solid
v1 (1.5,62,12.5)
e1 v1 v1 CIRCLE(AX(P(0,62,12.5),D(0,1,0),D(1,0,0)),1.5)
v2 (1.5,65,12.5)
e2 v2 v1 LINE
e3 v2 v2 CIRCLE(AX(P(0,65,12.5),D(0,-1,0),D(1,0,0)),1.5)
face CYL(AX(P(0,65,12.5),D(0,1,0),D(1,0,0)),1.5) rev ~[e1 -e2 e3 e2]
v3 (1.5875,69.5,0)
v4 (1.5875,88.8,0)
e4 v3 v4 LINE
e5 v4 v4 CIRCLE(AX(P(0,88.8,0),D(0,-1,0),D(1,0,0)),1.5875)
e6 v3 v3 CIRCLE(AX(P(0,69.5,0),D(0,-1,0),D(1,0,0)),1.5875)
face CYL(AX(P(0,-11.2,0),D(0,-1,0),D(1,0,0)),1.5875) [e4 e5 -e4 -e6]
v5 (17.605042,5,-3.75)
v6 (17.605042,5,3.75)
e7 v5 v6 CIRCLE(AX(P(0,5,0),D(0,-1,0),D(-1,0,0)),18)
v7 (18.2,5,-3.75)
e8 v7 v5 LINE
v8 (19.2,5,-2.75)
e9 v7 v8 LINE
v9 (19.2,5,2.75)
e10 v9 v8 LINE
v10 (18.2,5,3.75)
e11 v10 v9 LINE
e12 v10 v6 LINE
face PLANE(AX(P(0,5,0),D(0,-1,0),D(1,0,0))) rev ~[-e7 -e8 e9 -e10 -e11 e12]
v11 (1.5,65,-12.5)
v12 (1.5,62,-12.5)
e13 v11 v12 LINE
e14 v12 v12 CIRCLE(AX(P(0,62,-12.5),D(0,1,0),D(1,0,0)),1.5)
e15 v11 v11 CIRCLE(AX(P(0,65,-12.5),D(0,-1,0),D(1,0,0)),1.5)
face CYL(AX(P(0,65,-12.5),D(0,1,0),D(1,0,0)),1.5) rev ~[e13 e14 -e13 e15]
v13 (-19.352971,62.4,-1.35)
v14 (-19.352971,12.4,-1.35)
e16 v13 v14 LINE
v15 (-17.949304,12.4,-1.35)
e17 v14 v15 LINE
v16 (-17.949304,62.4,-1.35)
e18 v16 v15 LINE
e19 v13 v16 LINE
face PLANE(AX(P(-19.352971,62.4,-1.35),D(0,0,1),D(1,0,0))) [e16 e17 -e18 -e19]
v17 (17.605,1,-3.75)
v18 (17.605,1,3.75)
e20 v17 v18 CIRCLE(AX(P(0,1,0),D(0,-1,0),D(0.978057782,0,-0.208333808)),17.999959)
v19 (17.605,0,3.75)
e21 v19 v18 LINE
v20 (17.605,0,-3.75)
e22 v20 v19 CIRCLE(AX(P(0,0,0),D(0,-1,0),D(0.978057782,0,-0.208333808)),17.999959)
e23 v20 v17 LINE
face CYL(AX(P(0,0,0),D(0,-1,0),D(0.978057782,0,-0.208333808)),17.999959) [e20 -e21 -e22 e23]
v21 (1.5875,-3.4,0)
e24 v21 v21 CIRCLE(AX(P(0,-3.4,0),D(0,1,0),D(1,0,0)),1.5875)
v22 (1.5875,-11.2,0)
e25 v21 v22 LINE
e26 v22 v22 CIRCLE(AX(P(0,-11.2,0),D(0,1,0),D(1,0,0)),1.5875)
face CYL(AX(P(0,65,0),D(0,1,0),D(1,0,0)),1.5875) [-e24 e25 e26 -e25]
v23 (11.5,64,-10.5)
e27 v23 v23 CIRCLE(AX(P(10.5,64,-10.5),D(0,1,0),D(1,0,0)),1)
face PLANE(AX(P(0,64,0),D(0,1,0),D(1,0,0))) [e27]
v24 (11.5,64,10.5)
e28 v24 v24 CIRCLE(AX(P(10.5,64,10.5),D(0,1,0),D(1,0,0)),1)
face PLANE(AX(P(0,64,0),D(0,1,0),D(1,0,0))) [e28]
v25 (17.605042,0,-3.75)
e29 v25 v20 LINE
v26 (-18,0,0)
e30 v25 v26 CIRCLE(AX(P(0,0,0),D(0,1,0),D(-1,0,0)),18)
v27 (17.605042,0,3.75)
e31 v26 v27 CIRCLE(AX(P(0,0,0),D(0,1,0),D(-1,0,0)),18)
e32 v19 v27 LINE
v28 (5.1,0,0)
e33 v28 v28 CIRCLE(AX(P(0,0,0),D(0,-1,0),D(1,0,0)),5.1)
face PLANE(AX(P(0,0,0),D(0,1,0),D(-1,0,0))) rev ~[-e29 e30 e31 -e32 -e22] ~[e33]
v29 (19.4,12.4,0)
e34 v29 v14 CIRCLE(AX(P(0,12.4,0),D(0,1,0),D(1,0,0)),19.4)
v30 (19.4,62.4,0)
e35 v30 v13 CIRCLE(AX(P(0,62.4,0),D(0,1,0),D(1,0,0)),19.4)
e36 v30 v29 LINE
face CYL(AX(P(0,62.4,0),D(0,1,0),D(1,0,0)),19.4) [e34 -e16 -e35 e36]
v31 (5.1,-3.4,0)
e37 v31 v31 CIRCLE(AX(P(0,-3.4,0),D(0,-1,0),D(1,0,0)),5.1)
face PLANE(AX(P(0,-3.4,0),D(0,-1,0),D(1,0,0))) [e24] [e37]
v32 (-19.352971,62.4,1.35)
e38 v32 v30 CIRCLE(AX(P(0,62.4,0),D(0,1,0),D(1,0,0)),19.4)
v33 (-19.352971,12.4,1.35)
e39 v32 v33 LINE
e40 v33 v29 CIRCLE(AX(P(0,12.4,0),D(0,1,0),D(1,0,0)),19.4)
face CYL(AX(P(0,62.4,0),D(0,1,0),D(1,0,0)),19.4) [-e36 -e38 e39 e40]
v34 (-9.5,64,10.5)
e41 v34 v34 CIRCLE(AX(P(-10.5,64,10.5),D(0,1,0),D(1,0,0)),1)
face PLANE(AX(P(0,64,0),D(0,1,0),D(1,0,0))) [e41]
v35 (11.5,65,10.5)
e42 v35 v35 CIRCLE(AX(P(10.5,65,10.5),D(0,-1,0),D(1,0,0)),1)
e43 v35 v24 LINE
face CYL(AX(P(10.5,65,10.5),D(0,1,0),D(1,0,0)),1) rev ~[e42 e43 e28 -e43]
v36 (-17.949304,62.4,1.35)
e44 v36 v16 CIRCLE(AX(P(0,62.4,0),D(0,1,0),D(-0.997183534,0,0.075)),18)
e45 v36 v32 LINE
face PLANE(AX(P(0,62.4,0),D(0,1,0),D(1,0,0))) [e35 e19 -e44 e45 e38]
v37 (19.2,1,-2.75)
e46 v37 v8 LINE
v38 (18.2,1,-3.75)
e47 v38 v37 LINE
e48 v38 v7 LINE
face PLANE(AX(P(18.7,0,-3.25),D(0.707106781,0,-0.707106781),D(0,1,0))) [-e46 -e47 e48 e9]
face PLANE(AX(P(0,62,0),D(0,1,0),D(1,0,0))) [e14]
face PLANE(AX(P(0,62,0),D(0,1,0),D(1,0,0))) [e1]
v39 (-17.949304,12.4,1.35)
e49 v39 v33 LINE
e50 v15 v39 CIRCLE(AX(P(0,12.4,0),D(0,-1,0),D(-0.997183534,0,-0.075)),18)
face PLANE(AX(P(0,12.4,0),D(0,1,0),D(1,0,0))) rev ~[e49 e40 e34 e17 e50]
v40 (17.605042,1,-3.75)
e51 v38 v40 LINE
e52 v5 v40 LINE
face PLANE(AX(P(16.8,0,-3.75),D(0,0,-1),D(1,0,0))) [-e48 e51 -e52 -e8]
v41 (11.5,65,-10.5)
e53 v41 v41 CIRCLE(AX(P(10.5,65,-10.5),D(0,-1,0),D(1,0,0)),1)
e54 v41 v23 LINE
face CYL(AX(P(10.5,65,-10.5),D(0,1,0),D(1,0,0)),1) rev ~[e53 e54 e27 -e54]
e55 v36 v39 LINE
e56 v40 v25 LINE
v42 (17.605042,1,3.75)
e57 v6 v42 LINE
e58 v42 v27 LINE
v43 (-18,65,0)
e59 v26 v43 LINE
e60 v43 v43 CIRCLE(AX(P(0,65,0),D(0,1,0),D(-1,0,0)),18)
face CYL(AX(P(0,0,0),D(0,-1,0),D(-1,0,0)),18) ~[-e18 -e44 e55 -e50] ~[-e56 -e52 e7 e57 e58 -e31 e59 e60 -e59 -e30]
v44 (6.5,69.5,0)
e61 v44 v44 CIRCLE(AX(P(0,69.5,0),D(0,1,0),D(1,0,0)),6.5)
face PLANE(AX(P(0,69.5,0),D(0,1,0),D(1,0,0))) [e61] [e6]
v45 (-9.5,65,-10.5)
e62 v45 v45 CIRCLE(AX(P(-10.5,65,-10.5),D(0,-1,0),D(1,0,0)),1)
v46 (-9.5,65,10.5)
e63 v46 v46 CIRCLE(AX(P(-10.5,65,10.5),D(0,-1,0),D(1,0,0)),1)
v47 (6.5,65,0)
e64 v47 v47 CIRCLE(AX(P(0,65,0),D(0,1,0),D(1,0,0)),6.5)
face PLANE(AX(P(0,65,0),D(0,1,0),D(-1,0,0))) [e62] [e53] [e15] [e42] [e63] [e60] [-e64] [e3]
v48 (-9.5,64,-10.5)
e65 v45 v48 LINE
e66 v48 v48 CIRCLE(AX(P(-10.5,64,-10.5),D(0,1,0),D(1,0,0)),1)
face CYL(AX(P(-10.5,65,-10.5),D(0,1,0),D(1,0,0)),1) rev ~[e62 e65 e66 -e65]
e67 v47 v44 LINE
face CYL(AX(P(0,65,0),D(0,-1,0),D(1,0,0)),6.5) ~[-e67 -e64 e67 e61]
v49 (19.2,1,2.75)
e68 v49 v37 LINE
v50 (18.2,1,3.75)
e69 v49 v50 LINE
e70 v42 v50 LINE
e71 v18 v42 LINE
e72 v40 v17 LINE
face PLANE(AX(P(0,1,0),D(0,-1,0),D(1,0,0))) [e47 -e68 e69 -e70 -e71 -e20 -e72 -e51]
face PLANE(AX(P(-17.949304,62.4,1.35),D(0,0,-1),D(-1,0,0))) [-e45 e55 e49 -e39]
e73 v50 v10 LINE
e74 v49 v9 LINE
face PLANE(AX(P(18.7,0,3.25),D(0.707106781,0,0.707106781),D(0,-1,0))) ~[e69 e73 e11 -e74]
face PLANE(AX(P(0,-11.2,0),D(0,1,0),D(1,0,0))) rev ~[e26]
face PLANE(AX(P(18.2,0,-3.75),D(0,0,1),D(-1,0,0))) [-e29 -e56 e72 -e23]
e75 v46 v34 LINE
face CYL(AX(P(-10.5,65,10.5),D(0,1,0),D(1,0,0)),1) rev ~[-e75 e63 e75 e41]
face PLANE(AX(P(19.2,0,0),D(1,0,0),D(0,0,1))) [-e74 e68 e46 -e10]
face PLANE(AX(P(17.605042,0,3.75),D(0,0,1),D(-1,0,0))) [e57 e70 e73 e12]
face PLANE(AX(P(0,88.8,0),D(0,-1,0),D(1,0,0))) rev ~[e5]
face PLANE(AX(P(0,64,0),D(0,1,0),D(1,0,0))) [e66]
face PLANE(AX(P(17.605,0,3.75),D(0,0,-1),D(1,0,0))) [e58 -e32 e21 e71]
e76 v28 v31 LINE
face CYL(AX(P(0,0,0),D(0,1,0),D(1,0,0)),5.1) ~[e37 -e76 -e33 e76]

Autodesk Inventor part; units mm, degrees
ref_plane "YZ Plane" through (0, 0, 0) normal (1, 0, 0) x (0, 1, 0)
ref_plane "XZ Plane" through (0, 0, 0) normal (0, 1, 0) x (-1, 0, 0)
sketch "Sketch1" plane through (0, 0, 0) normal (0, 1, 0) x (-1, 0, 0)
  circle A0 centre (0, 0) radius 18
  dimension "d0" = 36
extrude "Extrusion1" add sketch "Sketch1" along normal blind 65
ref_plane "Work Plane1" through (0, 62.4, 0) normal (0, 1, 0) x (1, 0, 0)
sketch "Sketch2" plane through (0, 62.4, 0) normal (0, 1, 0) x (1, 0, 0)
  circle A0 centre (0, 0) radius 18 projected
  circle A1 centre (0, 0) radius 19.4
  line L0 (-15.5, -1.35) -> (-20.5, -1.35)
  line L1 (-20.5, -1.35) -> (-20.5, 1.35)
  line L2 (-20.5, 1.35) -> (-15.5, 1.35)
  line L3 (-15.5, 1.35) -> (-15.5, -1.35)
  circle A2 centre (0, 0) radius 18 projected
  line L4 (-15.5, -1.35) -> (-20.5, 1.35) construction
  line L5 (-20.5, -1.35) -> (-15.5, 1.35) construction
  point P0 (-18, 0)
  point P1 (-19.353, 1.35)
  point P2 (-17.9493, 1.35)
  point P3 (-17.9493, -1.35)
  point P4 (-19.353, -1.35)
  dimension "d4" = 38.8
  dimension "d5" = 5
  dimension "d6" = 2.7
extrude "Extrusion2" add sketch "Sketch2" against normal blind 50 contours A0 L2 A1 L0 picked at (18.5875, 2.9161)
sketch "Sketch3" plane through (0, 65, 0) normal (0, 1, 0) x (1, 0, 0)
  circle A0 centre (0, 0) radius 18 projected
  circle A1 centre (0, 0) radius 6.5
  dimension "d9" = 13
extrude "Extrusion3" add sketch "Sketch3" along normal blind 4.5 contours A1
sketch "Sketch4" plane through (0, 0, 0) normal (0, -1, 0) x (1, 0, 0)
  circle A0 centre (0, 0) radius 18 projected
  circle A1 centre (0, 0) radius 5.1
  dimension "d12" = 10.2
extrude "Extrusion4" add sketch "Sketch4" along normal blind 3.4 contours A1
sketch "Sketch5" plane through (0, 65, 0) normal (0, 1, 0) x (1, 0, 0)
  circle A0 centre (0, 0) radius 6.5 projected
  circle A1 centre (0, 0) radius 18 projected
  line L0 (0, 0) -> (0, -12.5)
  line L1 (0, 0) -> (0, 12.5)
  circle A2 centre (0, -12.5) radius 1.5
  circle A3 centre (0, 12.5) radius 1.5
  dimension "d15" = 12.5
  dimension "d16" = 12.5
  dimension "d17" = 3
  dimension "d18" = 3
extrude "Extrusion5" cut sketch "Sketch5" against normal blind 3 contours A2 | A3
sketch "Sketch6" plane through (0, 65, 0) normal (0, 1, 0) x (1, 0, 0)
  circle A0 centre (0, 0) radius 6.5 projected
  line L0 (10.5, 10.5) -> (-10.5, 10.5)
  line L1 (-10.5, 10.5) -> (-10.5, -10.5)
  line L2 (-10.5, -10.5) -> (10.5, -10.5)
  line L3 (10.5, -10.5) -> (10.5, 10.5)
  circle A1 centre (0, 0) radius 5.1 projected
  line L4 (10.5, 10.5) -> (-10.5, -10.5) construction
  line L5 (-10.5, 10.5) -> (10.5, -10.5) construction
  circle A2 centre (10.5, -10.5) radius 1
  circle A3 centre (-10.5, -10.5) radius 1
  circle A4 centre (-10.5, 10.5) radius 1
  circle A5 centre (10.5, 10.5) radius 1
  dimension "d21" = 21
  dimension "d22" = 21
  dimension "d23" = 2
  dimension "d24" = 2
  dimension "d25" = 2
  dimension "d26" = 2
extrude "Extrusion6" cut sketch "Sketch6" against normal blind 1 contours A4 L1 L0 | L0 L1 A4 | A5 L3 L0 | L0 L3 A5 | A3 L2 L1 | L1 L2 A3 | A2 L2 L3 | L3 L2 A2
sketch "Sketch7" plane through (0, 65, 0) normal (0, 1, 0) x (1, 0, 0)
  circle A0 centre (0, 0) radius 6.5 projected
  circle A1 centre (0, 0) radius 1.5875
  dimension "d29" = 3.175
extrude "Extrusion7" add sketch "Sketch7" against normal blind 76.2 contours A1
sketch "Sketch8" plane through (0, -11.2, 0) normal (0, -1, 0) x (1, 0, 0)
  circle A0 centre (0, 0) radius 1.5875 projected
extrude "Extrusion8" add sketch "Sketch8" against normal blind 100
sketch "Sketch9" plane through (0, 0, 0) normal (0, -1, 0) x (1, 0, 0)
  circle A0 centre (0, 0) radius 5.1 projected
  circle A1 centre (0, 0) radius 18 projected
  circle A2 centre (0, 0) radius 1.5875 projected
  line L0 (0, 0) -> (19.2, 0)
  line L1 (16.8, -3.75) -> (19.2, -3.75)
  line L2 (19.2, -3.75) -> (19.2, 3.75)
  line L3 (19.2, 3.75) -> (16.8, 3.75)
  line L4 (16.8, 3.75) -> (16.8, -3.75)
  circle A3 centre (0, 0) radius 18 projected
  line L5 (16.8, -3.75) -> (19.2, 3.75) construction
  line L6 (19.2, -3.75) -> (16.8, 3.75) construction
  point P0 (18, 0)
  dimension "d34" = 19.2
  dimension "d35" = 2.4
  dimension "d36" = 7.5
extrude "Extrusion9" add sketch "Sketch9" against normal blind 5 contours L4 L3 A1 L0 | L0 A1 L1 L4 | L0 L2 L1 A1 | A1 L3 L2 L0
chamfer "Chamfer1" distance 1 angle 45 2 edges at (19.2, 2.5, -3.75) (19.2, 2.5, 3.75)
sketch "Sketch10" plane through (0, 0, 0) normal (0, -1, 0) x (1, 0, 0)
  line L0 (19.2, 2.75) -> (18.2, 3.75) projected
  line L1 (19.2, 2.75) -> (19.2, -2.75) projected
  line L2 (18.2, -3.75) -> (19.2, -2.75) projected
  line L3 (18.2, -3.75) -> (17.605, -3.75) projected
  arc A0 (17.605, -3.75) -> (17.605, 3.75) centre (0, 0) ccw projected
  line L4 (17.605, 3.75) -> (18.2, 3.75) projected
extrude "Extrusion10" cut sketch "Sketch10" against normal blind 1
properties part number "motor_1"
